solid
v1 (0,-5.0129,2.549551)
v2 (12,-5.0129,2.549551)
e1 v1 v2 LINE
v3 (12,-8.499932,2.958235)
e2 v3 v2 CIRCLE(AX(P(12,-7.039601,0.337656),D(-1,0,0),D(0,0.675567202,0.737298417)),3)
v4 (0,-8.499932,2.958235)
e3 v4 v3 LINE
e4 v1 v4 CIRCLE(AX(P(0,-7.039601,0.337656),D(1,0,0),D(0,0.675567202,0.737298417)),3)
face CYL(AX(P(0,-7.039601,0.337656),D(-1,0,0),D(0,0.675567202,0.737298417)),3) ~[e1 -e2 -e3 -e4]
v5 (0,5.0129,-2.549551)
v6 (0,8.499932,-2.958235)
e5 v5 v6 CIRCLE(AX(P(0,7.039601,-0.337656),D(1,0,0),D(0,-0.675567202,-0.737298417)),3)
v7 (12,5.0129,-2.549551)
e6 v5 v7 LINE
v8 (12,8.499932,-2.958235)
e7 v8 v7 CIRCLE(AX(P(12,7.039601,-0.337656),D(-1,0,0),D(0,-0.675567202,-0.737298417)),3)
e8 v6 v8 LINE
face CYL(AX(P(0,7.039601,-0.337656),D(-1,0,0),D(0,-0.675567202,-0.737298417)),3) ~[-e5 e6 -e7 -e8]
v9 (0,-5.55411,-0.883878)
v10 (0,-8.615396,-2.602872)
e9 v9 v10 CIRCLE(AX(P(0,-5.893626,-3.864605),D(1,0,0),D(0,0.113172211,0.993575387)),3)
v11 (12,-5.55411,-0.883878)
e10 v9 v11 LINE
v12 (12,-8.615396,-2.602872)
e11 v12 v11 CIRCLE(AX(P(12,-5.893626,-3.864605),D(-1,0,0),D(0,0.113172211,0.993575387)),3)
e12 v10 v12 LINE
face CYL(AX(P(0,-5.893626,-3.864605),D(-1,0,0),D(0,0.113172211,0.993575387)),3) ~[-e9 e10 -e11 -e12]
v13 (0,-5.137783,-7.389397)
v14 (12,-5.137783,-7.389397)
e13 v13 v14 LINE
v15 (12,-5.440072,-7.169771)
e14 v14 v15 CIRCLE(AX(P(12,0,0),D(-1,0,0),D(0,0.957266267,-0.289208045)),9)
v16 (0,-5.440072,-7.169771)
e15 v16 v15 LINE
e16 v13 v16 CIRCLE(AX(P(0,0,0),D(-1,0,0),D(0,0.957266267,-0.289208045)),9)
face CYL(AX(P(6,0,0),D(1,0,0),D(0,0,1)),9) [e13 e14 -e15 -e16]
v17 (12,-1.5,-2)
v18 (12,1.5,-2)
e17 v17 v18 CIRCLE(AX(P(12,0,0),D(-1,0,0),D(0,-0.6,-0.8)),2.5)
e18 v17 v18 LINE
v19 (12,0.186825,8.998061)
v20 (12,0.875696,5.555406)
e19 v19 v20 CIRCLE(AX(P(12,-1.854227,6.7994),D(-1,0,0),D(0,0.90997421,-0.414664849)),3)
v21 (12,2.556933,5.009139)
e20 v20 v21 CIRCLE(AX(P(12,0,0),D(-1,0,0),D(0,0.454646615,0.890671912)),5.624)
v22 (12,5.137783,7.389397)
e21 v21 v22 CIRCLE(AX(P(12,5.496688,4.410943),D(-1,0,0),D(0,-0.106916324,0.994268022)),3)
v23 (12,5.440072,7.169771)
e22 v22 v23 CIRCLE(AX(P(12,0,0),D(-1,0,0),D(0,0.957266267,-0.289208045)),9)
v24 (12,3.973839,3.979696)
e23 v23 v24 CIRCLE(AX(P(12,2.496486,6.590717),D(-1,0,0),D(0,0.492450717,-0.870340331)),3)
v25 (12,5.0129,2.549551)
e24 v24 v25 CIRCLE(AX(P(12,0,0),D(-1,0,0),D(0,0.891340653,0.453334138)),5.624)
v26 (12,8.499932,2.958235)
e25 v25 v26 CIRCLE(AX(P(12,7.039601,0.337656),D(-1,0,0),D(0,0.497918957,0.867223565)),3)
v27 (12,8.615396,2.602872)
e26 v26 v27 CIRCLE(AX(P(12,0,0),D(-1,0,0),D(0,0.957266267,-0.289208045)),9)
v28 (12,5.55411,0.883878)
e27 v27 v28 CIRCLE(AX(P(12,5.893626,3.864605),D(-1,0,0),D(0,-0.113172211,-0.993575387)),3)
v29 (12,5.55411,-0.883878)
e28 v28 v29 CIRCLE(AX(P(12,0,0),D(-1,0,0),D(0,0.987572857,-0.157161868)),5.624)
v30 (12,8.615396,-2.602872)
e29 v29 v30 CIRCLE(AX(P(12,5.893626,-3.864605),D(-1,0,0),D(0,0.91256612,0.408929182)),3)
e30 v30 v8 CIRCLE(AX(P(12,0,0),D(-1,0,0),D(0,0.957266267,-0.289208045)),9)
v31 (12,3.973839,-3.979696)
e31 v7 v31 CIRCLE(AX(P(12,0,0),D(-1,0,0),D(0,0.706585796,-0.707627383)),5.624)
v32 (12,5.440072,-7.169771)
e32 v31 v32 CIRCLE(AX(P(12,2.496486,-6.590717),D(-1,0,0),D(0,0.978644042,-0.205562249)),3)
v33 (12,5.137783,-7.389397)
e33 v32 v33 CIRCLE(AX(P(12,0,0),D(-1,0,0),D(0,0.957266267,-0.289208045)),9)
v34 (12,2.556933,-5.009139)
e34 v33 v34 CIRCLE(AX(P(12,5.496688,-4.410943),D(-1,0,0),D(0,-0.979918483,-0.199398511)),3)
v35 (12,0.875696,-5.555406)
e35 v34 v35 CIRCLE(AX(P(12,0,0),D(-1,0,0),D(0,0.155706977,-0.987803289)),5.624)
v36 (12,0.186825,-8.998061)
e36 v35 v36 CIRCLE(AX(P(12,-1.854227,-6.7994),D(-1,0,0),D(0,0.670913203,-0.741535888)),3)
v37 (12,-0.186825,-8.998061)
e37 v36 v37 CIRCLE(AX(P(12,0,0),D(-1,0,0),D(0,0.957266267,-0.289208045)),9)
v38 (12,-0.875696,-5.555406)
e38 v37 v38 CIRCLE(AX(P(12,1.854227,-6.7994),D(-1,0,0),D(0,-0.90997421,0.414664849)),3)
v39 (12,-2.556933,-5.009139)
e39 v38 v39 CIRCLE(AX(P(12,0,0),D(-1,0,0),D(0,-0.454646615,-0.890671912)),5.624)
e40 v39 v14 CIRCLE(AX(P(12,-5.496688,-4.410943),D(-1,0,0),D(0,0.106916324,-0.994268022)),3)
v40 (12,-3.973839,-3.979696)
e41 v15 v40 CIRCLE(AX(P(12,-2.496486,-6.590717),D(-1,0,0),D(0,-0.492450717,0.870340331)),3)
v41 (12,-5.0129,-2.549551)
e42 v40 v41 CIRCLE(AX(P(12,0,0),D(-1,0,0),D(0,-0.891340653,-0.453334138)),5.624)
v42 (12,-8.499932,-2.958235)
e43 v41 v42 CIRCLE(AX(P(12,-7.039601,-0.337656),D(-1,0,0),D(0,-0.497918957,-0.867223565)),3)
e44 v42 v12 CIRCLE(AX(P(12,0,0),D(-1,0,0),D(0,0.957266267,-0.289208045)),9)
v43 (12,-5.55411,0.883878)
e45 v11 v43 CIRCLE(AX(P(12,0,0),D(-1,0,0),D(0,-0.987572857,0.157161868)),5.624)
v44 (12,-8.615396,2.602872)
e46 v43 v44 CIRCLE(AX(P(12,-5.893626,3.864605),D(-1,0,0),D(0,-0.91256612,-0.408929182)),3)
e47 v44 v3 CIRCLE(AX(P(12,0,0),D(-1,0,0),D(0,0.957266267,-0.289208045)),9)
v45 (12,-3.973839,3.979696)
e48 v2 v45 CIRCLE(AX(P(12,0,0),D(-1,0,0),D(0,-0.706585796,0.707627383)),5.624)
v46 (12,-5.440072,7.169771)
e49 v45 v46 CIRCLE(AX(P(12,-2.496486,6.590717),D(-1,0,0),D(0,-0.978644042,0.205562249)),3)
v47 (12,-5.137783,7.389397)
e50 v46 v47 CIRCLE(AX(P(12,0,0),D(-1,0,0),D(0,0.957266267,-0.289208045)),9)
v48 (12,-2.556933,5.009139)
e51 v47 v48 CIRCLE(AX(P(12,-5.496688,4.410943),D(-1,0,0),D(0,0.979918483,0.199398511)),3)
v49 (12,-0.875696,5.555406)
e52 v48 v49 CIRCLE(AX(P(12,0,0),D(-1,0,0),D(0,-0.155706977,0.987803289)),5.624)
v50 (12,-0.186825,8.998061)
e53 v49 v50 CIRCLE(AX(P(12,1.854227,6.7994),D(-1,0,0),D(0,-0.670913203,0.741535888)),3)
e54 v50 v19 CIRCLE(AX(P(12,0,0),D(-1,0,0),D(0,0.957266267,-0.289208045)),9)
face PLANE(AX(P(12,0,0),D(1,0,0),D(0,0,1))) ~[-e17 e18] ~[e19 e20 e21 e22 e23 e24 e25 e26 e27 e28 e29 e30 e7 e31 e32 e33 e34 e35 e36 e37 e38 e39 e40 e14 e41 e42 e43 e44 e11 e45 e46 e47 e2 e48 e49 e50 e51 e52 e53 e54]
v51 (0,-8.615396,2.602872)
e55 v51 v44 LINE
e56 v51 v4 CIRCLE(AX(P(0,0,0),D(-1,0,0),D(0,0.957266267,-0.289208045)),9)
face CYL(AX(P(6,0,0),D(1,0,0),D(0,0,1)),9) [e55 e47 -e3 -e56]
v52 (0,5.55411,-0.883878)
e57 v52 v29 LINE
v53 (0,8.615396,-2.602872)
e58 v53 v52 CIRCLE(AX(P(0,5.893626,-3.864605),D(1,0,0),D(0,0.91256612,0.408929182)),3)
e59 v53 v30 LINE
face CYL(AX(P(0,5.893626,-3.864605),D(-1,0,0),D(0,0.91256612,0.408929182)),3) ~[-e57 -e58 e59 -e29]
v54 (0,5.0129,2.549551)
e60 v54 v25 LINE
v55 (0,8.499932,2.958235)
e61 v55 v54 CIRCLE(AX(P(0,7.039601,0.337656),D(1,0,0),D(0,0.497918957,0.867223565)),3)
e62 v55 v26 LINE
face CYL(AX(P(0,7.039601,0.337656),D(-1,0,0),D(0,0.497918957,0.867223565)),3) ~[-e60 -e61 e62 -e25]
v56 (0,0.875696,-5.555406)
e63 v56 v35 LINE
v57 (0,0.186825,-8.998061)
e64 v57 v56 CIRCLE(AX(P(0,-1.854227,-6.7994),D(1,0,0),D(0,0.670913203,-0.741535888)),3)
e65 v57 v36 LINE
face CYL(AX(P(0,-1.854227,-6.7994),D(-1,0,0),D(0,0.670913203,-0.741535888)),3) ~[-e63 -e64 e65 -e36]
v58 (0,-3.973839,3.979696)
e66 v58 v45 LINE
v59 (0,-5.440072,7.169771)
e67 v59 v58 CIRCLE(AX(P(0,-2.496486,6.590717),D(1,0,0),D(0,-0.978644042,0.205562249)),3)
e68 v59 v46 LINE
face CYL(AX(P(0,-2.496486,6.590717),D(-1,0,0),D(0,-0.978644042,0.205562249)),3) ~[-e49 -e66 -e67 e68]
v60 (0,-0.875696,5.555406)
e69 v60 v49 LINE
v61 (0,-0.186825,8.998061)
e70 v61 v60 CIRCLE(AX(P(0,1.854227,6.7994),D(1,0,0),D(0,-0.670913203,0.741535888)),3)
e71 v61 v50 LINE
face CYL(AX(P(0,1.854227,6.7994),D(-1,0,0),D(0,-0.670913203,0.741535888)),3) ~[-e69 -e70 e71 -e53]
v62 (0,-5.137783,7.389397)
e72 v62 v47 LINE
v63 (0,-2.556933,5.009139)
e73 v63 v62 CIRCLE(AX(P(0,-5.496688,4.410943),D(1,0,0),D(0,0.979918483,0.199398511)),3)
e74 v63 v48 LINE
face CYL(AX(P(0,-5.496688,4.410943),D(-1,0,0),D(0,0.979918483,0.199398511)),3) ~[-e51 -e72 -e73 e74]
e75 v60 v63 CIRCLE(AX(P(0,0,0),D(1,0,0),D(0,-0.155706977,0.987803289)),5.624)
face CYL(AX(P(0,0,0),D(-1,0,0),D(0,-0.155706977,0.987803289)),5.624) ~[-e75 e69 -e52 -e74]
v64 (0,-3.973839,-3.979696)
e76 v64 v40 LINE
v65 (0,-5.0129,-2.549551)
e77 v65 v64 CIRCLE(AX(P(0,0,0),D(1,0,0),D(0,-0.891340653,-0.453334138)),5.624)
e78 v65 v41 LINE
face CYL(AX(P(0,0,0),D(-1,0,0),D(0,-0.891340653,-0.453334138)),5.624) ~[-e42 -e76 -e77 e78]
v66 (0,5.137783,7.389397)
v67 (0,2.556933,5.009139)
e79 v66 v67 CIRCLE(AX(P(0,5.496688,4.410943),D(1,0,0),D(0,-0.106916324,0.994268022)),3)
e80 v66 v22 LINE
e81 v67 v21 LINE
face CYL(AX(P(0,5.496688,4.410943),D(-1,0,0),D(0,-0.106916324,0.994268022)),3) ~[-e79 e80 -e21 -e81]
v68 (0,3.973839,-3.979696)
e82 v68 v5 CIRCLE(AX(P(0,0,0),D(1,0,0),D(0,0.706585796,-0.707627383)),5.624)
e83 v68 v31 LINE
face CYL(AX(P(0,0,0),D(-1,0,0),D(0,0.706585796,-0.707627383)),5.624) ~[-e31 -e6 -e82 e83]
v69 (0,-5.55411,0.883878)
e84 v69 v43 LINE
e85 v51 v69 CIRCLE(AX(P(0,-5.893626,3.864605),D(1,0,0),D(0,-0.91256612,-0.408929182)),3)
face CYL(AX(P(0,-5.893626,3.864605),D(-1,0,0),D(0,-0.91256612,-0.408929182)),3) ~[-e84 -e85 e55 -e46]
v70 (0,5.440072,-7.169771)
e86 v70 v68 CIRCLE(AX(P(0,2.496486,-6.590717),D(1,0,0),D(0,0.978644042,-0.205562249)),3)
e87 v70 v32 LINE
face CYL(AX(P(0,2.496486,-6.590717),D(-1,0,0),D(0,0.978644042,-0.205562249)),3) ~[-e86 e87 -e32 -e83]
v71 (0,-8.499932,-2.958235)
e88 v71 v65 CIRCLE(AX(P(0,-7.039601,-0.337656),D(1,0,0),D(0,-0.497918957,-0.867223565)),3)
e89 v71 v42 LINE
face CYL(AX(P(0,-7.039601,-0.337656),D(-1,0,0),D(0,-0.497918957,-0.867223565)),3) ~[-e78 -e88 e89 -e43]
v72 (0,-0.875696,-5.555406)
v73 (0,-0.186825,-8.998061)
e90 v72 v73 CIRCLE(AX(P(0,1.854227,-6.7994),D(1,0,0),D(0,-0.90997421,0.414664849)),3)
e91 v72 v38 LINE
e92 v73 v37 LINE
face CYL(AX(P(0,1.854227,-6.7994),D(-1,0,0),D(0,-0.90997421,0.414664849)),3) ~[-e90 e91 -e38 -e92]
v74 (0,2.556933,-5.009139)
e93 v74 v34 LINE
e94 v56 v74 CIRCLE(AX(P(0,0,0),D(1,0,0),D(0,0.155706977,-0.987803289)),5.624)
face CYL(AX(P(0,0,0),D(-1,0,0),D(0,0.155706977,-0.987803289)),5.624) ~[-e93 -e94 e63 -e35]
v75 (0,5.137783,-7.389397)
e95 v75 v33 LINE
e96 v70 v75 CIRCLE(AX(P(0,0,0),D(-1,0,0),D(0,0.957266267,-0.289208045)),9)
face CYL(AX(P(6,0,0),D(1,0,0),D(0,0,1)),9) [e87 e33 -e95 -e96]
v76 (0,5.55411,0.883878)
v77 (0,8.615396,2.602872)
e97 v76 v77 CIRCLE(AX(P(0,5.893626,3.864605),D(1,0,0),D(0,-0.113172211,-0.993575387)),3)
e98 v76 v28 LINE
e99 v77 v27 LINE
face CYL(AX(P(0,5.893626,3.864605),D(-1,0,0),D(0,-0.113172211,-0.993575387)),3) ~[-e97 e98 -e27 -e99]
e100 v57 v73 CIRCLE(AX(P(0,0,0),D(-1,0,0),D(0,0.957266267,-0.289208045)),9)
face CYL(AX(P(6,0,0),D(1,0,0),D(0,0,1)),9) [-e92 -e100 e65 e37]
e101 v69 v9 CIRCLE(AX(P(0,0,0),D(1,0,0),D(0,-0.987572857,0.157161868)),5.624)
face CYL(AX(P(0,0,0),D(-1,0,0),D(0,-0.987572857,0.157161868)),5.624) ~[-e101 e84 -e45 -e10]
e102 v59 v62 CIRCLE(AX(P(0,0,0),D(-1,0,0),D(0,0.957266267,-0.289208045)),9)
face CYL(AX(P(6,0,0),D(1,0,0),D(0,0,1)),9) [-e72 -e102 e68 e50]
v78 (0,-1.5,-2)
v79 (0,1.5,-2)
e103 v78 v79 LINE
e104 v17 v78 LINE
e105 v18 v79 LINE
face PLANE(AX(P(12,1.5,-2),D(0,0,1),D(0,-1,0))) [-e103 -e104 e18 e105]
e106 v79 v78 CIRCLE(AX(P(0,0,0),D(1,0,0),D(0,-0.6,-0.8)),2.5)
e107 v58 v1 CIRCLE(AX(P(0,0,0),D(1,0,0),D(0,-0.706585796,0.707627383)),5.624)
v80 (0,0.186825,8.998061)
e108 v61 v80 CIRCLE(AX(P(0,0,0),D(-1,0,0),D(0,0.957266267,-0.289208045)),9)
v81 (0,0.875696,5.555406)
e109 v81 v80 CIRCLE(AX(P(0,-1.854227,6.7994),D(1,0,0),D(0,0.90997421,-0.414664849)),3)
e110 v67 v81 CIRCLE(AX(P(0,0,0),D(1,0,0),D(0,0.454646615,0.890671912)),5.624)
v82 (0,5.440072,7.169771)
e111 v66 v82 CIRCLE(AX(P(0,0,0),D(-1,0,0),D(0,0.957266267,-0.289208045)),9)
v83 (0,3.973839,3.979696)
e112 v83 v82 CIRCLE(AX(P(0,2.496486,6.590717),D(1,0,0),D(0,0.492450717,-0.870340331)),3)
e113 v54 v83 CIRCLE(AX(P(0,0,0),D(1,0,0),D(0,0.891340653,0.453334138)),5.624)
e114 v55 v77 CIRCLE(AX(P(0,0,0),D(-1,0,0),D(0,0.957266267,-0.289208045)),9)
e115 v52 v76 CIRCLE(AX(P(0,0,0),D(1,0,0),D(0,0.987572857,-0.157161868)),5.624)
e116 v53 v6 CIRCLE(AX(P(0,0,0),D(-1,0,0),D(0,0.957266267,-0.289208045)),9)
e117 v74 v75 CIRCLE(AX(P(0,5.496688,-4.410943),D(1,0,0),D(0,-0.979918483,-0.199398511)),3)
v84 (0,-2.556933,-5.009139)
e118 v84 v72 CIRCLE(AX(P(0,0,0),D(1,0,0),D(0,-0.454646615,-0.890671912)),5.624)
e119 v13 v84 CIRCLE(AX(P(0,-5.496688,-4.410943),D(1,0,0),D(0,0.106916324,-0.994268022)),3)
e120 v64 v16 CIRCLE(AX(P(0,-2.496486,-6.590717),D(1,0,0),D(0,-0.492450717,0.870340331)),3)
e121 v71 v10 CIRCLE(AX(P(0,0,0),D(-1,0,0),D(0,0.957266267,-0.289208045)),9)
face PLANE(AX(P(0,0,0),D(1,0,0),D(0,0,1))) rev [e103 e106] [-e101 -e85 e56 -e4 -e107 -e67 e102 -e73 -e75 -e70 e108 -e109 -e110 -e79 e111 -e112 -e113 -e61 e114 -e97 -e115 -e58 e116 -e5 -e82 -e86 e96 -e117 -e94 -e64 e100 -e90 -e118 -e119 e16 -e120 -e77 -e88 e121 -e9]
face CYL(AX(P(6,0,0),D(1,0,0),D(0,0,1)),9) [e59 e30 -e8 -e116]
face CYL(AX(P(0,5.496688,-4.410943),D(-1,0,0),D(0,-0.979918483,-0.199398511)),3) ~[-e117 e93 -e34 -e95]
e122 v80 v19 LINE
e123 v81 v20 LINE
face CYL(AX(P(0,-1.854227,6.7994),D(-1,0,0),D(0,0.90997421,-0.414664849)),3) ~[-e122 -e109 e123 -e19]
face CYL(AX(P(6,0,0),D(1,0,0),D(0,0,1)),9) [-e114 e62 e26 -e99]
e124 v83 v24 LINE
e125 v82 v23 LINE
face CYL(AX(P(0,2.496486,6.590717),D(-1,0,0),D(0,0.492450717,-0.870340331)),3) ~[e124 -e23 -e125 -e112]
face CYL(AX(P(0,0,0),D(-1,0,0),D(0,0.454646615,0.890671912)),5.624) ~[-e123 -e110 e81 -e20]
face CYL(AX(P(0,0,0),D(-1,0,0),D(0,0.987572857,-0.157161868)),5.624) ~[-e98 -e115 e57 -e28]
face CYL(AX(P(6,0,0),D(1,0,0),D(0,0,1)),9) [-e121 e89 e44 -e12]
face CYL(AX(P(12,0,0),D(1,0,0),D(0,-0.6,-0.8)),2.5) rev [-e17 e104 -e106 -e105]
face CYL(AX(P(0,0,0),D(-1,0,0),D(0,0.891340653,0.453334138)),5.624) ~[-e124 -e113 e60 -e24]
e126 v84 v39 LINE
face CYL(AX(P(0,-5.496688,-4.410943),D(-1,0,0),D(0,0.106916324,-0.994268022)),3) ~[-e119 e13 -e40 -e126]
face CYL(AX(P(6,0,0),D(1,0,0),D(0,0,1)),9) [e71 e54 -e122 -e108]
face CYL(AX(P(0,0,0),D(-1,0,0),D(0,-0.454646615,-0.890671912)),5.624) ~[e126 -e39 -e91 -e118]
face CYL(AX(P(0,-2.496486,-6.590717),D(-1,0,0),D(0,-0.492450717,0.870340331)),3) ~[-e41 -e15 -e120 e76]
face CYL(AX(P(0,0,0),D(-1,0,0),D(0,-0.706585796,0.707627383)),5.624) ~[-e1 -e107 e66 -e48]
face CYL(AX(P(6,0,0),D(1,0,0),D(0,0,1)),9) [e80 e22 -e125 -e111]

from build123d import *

# Parameters (mm, degrees)
BASPROSKE_W        = 12
BASPROSKE_H        = 9
TOOTHCUT_DEPTH     = 18.492855685
TEETHCUTS_COUNT    = 10
TEETHCUTS_ANGLE    = 324
BORSKE_R           = 2
BORE_DEPTH         = 50.0000508
CUT_EXTRUDE1_DEPTH = 18


with BuildPart() as part:
    # BasProSke → Base-Revolve (revolve)
    with BuildSketch(Plane(origin=(0, 0, 0), x_dir=(1, 0, 0), z_dir=(0, 1, 0)), mode=Mode.PRIVATE) as base_revolve_sk:
        with Locations((6, 4.5)):
            Rectangle(BASPROSKE_W, BASPROSKE_H)
    revolve(base_revolve_sk.sketch.rotate(Axis((-10, 0, 0), (1, 0, 0)), 180), axis=Axis((-10, 0, 0), (1, 0, 0)))

    # TooCutSke → ToothCut (cut, through all)
    with BuildSketch(Plane(origin=(0, 0, 0), x_dir=(0, 0, -1), z_dir=(1, 0, 0))):
        with BuildLine():
            ThreePointArc((0.883878355, 5.554109745), (0, 5.624), (-0.883878355, 5.554109745))
            ThreePointArc((-0.883878355, 5.554109745), (-1.258245767, 7.379188248), (-2.637816971, 8.631324741))
            ThreePointArc((-2.637816971, 8.631324741), (0, 9.0254), (2.637816971, 8.631324741))
            ThreePointArc((2.637816971, 8.631324741), (1.258245767, 7.379188248), (0.883878355, 5.554109745))
        make_face()
    toothcut = extrude(amount=TOOTHCUT_DEPTH, mode=Mode.SUBTRACT)

    # TeethCuts: ToothCut ×10 about axis
    teethcuts_axis = Axis((-10, 0, 0), (1, 0, 0))
    for i in range(1, TEETHCUTS_COUNT):
        add(toothcut.rotate(teethcuts_axis, i * TEETHCUTS_ANGLE / (TEETHCUTS_COUNT - 1)), mode=Mode.SUBTRACT)

    # BorSke → Bore (cut, symmetric)
    with BuildSketch(Plane(origin=(0, 0, 0), x_dir=(0, 0, -1), z_dir=(1, 0, 0))):
        with Locations(Location((0, 0, 0), (0, 0, 180))):
            Circle(BORSKE_R)
    extrude(amount=BORE_DEPTH, both=True, mode=Mode.SUBTRACT)

    # Sketch1 → Cut-Extrude1 (cut)
    with BuildSketch(Plane(origin=(12, 0, 0), x_dir=(0, 0, -1), z_dir=(1, 0, 0))):
        with BuildLine():
            Line((2, 1.5), (2, -1.5))
            ThreePointArc((2, -1.5), (-2.5, 0), (2, 1.5))
        make_face()
    extrude(amount=-CUT_EXTRUDE1_DEPTH, mode=Mode.SUBTRACT)


solid = part.part
